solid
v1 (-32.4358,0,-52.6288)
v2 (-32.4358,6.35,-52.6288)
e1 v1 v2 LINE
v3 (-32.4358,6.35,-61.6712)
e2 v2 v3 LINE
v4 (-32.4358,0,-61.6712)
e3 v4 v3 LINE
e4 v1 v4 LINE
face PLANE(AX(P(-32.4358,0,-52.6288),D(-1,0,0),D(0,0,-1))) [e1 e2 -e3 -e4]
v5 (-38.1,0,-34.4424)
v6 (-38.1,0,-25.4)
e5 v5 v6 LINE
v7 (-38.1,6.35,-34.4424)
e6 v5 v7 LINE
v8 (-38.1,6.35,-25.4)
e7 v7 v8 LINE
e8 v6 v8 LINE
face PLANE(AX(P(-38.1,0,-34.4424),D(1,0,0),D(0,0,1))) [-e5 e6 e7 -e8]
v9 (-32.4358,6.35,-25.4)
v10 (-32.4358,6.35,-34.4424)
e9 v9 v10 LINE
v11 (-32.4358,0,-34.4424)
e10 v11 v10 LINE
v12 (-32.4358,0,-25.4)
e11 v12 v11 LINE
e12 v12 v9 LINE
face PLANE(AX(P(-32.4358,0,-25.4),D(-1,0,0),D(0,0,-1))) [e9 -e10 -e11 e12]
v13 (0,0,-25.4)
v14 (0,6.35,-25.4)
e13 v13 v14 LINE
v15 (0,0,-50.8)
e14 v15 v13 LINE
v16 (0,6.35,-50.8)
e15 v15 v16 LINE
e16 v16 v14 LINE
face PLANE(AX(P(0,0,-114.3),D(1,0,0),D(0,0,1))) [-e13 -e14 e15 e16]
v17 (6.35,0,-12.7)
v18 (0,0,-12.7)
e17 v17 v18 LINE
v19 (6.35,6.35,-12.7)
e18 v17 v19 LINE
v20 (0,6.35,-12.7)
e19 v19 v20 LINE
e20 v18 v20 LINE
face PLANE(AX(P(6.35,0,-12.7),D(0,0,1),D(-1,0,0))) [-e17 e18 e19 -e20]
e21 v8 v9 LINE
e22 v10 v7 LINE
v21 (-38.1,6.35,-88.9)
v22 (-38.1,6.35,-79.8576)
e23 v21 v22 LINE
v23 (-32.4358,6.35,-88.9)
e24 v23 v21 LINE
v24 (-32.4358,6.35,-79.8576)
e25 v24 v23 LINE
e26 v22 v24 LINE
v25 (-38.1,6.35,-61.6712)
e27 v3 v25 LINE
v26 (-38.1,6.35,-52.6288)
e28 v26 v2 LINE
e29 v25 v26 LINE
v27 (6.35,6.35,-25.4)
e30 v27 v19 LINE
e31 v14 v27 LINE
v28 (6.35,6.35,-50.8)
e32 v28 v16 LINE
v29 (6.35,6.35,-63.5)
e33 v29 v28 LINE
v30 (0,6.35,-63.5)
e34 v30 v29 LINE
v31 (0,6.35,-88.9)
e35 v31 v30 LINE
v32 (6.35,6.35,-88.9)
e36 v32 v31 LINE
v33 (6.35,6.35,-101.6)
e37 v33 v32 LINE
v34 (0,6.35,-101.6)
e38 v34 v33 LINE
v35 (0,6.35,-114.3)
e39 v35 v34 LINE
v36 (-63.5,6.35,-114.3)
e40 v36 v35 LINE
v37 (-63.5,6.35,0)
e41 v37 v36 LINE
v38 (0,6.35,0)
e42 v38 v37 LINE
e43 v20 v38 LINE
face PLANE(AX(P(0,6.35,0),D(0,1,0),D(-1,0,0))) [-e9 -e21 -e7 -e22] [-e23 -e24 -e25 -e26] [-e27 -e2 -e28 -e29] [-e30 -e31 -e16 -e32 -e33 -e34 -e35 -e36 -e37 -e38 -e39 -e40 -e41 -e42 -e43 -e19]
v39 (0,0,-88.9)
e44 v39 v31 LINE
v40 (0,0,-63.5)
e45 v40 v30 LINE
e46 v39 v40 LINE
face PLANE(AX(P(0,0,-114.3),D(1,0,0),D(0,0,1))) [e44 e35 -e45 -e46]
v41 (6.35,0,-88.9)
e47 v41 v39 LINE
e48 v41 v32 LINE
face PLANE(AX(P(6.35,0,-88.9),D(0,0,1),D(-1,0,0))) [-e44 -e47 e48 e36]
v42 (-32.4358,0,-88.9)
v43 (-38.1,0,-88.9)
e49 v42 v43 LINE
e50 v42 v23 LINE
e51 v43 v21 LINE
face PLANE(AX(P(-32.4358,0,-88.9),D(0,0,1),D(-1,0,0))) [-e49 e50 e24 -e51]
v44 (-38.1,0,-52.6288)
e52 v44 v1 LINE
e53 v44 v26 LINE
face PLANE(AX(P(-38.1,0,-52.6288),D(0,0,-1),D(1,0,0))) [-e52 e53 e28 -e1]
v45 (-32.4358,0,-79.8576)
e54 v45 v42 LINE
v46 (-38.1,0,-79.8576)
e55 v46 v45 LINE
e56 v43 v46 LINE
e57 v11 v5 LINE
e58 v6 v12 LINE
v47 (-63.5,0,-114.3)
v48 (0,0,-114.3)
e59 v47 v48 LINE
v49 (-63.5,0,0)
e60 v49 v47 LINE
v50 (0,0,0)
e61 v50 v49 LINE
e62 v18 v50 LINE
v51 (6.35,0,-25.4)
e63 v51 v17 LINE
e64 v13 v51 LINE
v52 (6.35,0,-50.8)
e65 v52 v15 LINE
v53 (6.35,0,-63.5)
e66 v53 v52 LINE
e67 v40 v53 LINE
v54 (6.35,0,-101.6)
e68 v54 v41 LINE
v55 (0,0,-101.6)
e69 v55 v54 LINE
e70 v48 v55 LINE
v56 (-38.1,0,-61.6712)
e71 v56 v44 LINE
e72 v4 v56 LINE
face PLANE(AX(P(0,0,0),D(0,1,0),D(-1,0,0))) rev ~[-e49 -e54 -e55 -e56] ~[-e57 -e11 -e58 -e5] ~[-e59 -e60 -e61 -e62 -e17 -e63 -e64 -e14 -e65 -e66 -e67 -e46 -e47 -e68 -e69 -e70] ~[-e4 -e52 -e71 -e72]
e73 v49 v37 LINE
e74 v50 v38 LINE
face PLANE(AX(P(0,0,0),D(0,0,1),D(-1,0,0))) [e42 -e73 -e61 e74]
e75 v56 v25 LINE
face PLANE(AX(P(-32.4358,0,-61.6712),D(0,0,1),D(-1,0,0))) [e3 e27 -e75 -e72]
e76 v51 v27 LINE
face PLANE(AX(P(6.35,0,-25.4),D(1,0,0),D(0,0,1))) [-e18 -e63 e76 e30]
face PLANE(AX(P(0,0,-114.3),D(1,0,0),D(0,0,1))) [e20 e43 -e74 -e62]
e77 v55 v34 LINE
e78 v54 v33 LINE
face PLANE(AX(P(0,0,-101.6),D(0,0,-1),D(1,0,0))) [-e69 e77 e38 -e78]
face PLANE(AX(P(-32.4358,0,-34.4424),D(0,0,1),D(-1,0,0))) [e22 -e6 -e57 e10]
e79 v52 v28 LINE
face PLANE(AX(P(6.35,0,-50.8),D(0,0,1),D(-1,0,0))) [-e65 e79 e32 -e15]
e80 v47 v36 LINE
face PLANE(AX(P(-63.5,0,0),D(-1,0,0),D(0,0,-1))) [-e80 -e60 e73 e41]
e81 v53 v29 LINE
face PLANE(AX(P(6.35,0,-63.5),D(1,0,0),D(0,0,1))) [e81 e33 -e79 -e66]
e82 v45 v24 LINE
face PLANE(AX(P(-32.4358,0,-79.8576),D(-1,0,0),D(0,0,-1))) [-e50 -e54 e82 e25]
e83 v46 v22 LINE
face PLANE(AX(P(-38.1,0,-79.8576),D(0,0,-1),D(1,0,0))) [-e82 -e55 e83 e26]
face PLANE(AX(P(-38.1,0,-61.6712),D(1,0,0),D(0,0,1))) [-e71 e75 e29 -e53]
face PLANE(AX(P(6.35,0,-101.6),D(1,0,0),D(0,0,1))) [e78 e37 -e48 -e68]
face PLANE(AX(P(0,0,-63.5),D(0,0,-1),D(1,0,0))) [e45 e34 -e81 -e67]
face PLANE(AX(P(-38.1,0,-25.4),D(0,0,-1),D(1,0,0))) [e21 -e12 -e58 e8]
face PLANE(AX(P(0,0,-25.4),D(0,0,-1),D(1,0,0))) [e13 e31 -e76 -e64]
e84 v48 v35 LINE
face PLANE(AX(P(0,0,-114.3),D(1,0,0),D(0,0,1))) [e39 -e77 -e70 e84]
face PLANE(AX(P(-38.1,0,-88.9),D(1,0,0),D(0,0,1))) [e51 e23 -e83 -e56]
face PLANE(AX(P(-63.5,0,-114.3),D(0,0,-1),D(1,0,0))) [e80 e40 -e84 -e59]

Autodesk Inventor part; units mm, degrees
ref_plane "YZ Plane" through (0, 0, 0) normal (1, 0, 0) x (0, 1, 0)
ref_plane "XZ Plane" through (0, 0, 0) normal (0, 1, 0) x (-1, 0, 0)
ref_plane "XY Plane" through (0, 0, 0) normal (0, 0, 1) x (1, 0, 0)
sketch "Sketch1" plane through (0, 0, 0) normal (0, 1, 0) x (-1, 0, 0)
  line L0 (0, 0) -> (63.5, 0)
  line L1 (63.5, 0) -> (63.5, -114.3)
  line L2 (63.5, -114.3) -> (0, -114.3)
  line L3 (0, -114.3) -> (0, 0)
  line L4 (38.1, -52.6288) -> (32.4358, -52.6288)
  line L5 (32.4358, -52.6288) -> (32.4358, -61.6712)
  line L6 (32.4358, -61.6712) -> (38.1, -61.6712)
  line L7 (38.1, -61.6712) -> (38.1, -52.6288)
  line L8 (38.1, -25.4) -> (32.4358, -25.4)
  line L9 (32.4358, -25.4) -> (32.4358, -34.4424)
  line L10 (32.4358, -34.4424) -> (38.1, -34.4424)
  line L11 (38.1, -34.4424) -> (38.1, -25.4)
  line L12 (38.1, -79.8576) -> (32.4358, -79.8576)
  line L13 (32.4358, -79.8576) -> (32.4358, -88.9)
  line L14 (32.4358, -88.9) -> (38.1, -88.9)
  line L15 (38.1, -88.9) -> (38.1, -79.8576)
  dimension "d0" = 63.5
  dimension "d1" = 114.3
  dimension "d2" = 5.6642
  dimension "d3" = 9.0424
  dimension "d4" = 5.6642
  dimension "d5" = 9.0424
  dimension "d8" = 5.6642
  dimension "d9" = 9.0424
  dimension "d10" = 25.4
  dimension "d11" = 25.4
  dimension "d12" = 25.4
  dimension "d13" = 25.4
  dimension "d14" = 25.4
  dimension "d15" = 45.4152
  dimension "d16" = 18.1864
  dimension "d17" = 18.1864
extrude "Extrusion1" add sketch "Sketch1" along normal blind 6.35
sketch "Sketch2" plane through (0, 0, 0) normal (0, -1, 0) x (1, 0, 0)
  line L0 (0, -101.6) -> (6.35, -101.6)
  line L1 (6.35, -101.6) -> (6.35, -88.9)
  line L2 (6.35, -88.9) -> (0, -88.9)
  line L3 (0, -88.9) -> (0, -101.6)
  line L4 (-63.5, -114.3) -> (0, -114.3) projected
  line L5 (0, 0) -> (0, -114.3) projected
  line L6 (0, -25.4) -> (6.35, -25.4)
  line L7 (6.35, -25.4) -> (6.35, -12.7)
  line L8 (6.35, -12.7) -> (0, -12.7)
  line L9 (0, -12.7) -> (0, -25.4)
  line L10 (0, -63.5) -> (6.35, -63.5)
  line L11 (6.35, -63.5) -> (6.35, -50.8)
  line L12 (6.35, -50.8) -> (0, -50.8)
  line L13 (0, -50.8) -> (0, -63.5)
  dimension "d20" = 6.35
  dimension "d21" = 12.7
  dimension "d22" = 12.7
  dimension "d23" = 6.35
  dimension "d24" = 12.7
  dimension "d25" = 12.7
  dimension "d26" = 6.35
  dimension "d27" = 12.7
  dimension "d28" = 63.5
  dimension "d29" = 25.4
extrude "Extrusion2" add sketch "Sketch2" against normal blind 6.35
equation "\"d11\" = d10"
equation "\"d12\" = d11"
properties part number "LEDFront"
